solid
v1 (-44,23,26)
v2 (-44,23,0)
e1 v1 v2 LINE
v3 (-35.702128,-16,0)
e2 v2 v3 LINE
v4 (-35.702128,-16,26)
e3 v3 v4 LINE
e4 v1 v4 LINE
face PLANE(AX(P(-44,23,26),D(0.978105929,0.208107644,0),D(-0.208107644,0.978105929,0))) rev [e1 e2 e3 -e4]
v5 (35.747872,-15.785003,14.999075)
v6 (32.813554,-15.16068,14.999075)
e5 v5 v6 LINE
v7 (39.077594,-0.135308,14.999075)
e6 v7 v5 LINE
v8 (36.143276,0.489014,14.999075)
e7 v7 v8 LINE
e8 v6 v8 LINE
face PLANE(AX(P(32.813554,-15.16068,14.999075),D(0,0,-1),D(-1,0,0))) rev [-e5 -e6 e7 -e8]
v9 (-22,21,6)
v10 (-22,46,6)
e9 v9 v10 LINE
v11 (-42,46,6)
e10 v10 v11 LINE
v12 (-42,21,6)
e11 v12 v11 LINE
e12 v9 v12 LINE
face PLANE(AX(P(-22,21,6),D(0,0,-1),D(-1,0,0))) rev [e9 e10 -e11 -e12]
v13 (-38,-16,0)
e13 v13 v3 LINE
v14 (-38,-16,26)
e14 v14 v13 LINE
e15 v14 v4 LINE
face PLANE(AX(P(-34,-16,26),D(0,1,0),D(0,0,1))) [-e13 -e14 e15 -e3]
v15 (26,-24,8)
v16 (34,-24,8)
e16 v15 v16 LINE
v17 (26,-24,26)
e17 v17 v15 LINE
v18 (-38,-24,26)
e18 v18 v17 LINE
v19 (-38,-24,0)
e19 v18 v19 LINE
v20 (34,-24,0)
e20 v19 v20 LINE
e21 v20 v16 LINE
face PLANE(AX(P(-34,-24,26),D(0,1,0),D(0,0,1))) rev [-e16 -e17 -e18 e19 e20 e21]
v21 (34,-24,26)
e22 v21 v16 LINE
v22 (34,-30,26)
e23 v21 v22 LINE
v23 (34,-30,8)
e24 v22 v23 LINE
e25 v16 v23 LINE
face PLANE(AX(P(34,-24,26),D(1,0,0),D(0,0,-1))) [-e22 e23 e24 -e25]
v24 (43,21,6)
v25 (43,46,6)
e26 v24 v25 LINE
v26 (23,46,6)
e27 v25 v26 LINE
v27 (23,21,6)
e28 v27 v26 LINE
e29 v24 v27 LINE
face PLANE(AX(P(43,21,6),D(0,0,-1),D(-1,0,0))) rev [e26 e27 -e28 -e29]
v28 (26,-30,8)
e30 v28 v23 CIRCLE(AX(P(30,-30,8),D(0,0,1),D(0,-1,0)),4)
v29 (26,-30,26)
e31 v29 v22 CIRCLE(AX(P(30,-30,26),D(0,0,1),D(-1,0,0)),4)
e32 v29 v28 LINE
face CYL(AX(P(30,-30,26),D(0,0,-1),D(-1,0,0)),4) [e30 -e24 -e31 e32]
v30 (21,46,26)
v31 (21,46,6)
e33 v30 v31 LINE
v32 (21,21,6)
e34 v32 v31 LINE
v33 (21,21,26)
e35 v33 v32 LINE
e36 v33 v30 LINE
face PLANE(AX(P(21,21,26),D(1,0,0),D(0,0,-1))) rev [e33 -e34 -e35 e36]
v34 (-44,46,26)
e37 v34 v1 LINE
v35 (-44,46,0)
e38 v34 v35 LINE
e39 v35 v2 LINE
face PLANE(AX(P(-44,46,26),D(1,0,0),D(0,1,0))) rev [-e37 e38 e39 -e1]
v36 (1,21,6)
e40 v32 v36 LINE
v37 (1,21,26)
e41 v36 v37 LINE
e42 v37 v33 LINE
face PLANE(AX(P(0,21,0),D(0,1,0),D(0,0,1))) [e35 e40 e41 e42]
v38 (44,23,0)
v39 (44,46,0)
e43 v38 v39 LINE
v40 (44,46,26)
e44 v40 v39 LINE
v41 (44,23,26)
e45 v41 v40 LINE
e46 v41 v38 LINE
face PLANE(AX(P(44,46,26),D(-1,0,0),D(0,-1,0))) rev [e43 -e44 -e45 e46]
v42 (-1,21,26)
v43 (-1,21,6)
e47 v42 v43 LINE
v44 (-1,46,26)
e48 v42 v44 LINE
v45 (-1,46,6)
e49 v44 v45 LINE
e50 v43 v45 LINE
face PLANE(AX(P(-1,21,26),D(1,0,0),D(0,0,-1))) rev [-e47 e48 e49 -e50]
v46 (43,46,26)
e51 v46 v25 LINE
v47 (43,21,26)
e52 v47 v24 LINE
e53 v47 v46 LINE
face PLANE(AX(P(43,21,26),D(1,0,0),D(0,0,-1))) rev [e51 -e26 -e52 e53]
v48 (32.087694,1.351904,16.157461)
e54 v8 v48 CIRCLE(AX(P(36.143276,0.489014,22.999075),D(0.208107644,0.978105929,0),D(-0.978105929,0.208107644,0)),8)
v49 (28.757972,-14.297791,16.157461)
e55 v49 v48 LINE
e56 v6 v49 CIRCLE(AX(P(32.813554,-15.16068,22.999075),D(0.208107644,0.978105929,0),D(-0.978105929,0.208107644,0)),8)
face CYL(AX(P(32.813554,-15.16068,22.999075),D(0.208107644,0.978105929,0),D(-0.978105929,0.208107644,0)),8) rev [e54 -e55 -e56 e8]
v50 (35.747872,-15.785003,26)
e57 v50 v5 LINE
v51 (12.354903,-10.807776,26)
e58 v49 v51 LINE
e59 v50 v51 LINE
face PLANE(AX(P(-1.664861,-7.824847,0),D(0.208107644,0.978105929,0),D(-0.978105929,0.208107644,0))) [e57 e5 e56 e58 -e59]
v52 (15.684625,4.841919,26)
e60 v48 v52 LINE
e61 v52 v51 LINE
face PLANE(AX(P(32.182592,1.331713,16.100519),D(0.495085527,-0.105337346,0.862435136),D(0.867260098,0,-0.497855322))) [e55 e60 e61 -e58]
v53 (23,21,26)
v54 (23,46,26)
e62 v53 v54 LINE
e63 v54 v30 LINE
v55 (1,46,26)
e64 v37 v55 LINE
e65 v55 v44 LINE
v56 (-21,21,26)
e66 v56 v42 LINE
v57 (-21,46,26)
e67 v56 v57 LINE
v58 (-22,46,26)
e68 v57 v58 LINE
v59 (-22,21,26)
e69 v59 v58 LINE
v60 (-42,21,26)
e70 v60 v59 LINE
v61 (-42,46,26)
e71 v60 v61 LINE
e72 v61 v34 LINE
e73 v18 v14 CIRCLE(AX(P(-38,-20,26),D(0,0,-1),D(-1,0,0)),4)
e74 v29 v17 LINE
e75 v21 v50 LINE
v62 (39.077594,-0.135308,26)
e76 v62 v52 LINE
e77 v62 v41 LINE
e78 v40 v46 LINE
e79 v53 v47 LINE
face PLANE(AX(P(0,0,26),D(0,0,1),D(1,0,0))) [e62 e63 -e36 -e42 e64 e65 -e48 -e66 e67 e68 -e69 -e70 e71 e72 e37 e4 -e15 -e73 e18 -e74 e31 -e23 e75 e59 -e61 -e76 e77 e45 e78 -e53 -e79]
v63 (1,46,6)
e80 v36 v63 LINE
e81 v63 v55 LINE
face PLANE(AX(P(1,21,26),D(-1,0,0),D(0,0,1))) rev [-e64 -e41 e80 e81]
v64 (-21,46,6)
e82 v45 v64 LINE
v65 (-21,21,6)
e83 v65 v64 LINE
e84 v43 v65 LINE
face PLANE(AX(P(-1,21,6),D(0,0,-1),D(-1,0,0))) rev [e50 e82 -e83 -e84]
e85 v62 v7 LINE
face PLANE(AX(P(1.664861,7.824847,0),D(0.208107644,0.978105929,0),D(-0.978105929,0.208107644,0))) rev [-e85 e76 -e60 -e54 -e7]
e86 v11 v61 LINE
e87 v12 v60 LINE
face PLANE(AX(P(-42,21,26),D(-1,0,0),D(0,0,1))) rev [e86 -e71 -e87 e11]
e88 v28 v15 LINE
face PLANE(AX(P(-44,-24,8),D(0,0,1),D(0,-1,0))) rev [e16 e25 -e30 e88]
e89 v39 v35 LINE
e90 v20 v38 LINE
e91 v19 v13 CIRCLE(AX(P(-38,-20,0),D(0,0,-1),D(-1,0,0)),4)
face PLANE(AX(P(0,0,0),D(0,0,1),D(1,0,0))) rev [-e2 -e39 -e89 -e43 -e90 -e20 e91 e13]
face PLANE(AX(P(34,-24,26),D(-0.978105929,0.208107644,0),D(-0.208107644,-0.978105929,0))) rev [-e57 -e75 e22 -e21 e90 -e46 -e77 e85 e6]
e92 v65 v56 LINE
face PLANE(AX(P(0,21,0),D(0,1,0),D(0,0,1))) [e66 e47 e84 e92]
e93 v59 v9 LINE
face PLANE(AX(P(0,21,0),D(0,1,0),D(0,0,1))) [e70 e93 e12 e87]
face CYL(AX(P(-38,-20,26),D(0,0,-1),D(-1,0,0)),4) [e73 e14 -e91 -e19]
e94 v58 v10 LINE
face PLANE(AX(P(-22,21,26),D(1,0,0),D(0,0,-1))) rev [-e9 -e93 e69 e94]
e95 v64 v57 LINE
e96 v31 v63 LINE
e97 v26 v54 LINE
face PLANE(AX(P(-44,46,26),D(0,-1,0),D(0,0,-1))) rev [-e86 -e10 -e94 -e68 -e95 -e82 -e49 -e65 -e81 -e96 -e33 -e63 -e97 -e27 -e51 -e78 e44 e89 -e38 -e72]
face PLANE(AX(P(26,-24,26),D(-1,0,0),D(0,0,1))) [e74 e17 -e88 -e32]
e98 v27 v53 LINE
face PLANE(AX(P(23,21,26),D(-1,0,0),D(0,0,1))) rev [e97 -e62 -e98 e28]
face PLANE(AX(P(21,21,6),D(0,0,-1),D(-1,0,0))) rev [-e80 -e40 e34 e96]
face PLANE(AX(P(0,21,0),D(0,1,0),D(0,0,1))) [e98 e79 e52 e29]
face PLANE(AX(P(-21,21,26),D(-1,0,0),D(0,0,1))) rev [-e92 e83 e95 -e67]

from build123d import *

# Parameters (mm, degrees)
EXTRUDE_1_DEPTH      = 26
SKETCH_4_W           = 20
SKETCH_4_H           = 20
CUT_EXTRUDE_5_DEPTH  = 25
CUT_EXTRUDE_6_DEPTH  = 8
CUT_EXTRUDE_8_DEPTH  = 16
SKETCH_12_W          = 8
SKETCH_12_H          = 10
EXTRUDE_2_DEPTH      = 26
CUT_EXTRUDE_9_DEPTH  = 26
SKETCH_14_W          = 8
SKETCH_14_H          = 12.86312638
CUT_EXTRUDE_10_DEPTH = 95.212525707


with BuildPart() as part:
    # 草图1 → 凸台-拉伸1 (new body)
    with BuildSketch(Plane.XY):
        Polygon((-34, -24), (34, -24), (44, 23), (44, 46), (-44, 46), (-44, 23), align=None)
    extrude(amount=EXTRUDE_1_DEPTH)

    # 草图4 → 切除-拉伸5 (cut)
    with BuildSketch(Plane(origin=(0, 46, 0), x_dir=(1, 0, 0), z_dir=(0, 1, 0))):
        with Locations((33, -16)):
            Rectangle(SKETCH_4_W, SKETCH_4_H)
        with Locations((11, -16)):
            Rectangle(SKETCH_4_W, SKETCH_4_H)
        with Locations((-11, -16)):
            Rectangle(SKETCH_4_W, SKETCH_4_H)
        with Locations((-32, -16)):
            Rectangle(SKETCH_4_W, SKETCH_4_H)
    extrude(amount=-CUT_EXTRUDE_5_DEPTH, mode=Mode.SUBTRACT)

    # Sketch 3D_6 → 切除-拉伸6 (cut, symmetric)
    with BuildSketch(Plane(origin=(34.478414998, -7.335832978, 14.99907516), x_dir=(0.5895982688198705, -0.12544644017993214, 0.7978954016979886), z_dir=(-0.20810764446495697, -0.9781059289848145, -6.6559639472978385e-12))):
        with BuildLine():
            Line((0, 0), (6.376045072, -8.439700449))
            Line((6.376045072, -8.439700449), (17.547318622, 0))
            Line((17.547318622, 0), (11.17127355, 8.439700449))
            Line((11.17127355, 8.439700449), (6.348906145, 14.822863662))
            Line((6.348906145, 14.822863662), (1.560795809, 11.205530619))
            ThreePointArc((1.560795809, 11.205530619), (-1.540343474, 5.926016705), (0, 0))
        make_face()
    extrude(amount=CUT_EXTRUDE_6_DEPTH, both=True, mode=Mode.SUBTRACT)

    # 草图11 → 切除-拉伸8 (cut)
    with BuildSketch(Plane(origin=(-1.664861156, -7.824847432, 0), x_dir=(0.9781059289845859, -0.2081076444660318, -1.1269708570671002e-12), z_dir=(0.20810764446603178, 0.9781059289845858, 5.296763028184159e-12))):
        with BuildLine():
            Line((31.200844283, -16.100518909), (14.333584528, -26))
            Line((14.333584528, -26), (32.666556858, -30.571318601))
            ThreePointArc((32.666556858, -30.571318601), (42.196349228, -26.968728166), (40.460809076, -16.92962956))
            Line((40.460809076, -16.92962956), (38.250185053, -14.99907516))
            Line((38.250185053, -14.99907516), (35.250185053, -15))
            ThreePointArc((35.250185053, -15), (33.152072655, -15.280030806), (31.200844283, -16.100518909))
        make_face()
    extrude(amount=CUT_EXTRUDE_8_DEPTH, mode=Mode.SUBTRACT)

    # 草图12 → 凸台-拉伸2 (add)
    with BuildSketch(Plane(origin=(0, 0, 0), x_dir=(-1, 0, 0), z_dir=(0, 0, -1))):
        with Locations((-30, -29)):
            Rectangle(SKETCH_12_W, SKETCH_12_H)
        with BuildLine():
            Line((34, -24), (38, -24))
            ThreePointArc((38, -24), (42, -20), (38, -16))
            Line((38, -16), (34, -16))
            Line((34, -16), (34, -24))
        make_face()
    extrude(amount=-EXTRUDE_2_DEPTH)

    # 草图13 → 切除-拉伸9 (cut)
    with BuildSketch(Plane(origin=(0, 0, 0), x_dir=(-1, 0, 0), z_dir=(0, 0, -1))):
        with BuildLine():
            Line((-34, -30), (-34, -35.772176756))
            Line((-34, -35.772176756), (-26, -35.772176756))
            Line((-26, -35.772176756), (-26, -30))
            ThreePointArc((-26, -30), (-30, -34), (-34, -30))
        make_face()
        with BuildLine():
            Line((26, -30), (26, -35.772176756))
            Line((26, -35.772176756), (34, -35.772176756))
            Line((34, -35.772176756), (34, -30))
            ThreePointArc((34, -30), (30, -34), (26, -30))
        make_face()
    extrude(amount=-CUT_EXTRUDE_9_DEPTH, mode=Mode.SUBTRACT)

    # 草图14 → 切除-拉伸10 (cut, through all)
    with BuildSketch(Plane(origin=(34, 0, 0), x_dir=(0, 0, -1), z_dir=(1, 0, 0))):
        with Locations((-4, -30.43156319)):
            Rectangle(SKETCH_14_W, SKETCH_14_H)
    extrude(amount=-CUT_EXTRUDE_10_DEPTH, mode=Mode.SUBTRACT)


solid = part.part
